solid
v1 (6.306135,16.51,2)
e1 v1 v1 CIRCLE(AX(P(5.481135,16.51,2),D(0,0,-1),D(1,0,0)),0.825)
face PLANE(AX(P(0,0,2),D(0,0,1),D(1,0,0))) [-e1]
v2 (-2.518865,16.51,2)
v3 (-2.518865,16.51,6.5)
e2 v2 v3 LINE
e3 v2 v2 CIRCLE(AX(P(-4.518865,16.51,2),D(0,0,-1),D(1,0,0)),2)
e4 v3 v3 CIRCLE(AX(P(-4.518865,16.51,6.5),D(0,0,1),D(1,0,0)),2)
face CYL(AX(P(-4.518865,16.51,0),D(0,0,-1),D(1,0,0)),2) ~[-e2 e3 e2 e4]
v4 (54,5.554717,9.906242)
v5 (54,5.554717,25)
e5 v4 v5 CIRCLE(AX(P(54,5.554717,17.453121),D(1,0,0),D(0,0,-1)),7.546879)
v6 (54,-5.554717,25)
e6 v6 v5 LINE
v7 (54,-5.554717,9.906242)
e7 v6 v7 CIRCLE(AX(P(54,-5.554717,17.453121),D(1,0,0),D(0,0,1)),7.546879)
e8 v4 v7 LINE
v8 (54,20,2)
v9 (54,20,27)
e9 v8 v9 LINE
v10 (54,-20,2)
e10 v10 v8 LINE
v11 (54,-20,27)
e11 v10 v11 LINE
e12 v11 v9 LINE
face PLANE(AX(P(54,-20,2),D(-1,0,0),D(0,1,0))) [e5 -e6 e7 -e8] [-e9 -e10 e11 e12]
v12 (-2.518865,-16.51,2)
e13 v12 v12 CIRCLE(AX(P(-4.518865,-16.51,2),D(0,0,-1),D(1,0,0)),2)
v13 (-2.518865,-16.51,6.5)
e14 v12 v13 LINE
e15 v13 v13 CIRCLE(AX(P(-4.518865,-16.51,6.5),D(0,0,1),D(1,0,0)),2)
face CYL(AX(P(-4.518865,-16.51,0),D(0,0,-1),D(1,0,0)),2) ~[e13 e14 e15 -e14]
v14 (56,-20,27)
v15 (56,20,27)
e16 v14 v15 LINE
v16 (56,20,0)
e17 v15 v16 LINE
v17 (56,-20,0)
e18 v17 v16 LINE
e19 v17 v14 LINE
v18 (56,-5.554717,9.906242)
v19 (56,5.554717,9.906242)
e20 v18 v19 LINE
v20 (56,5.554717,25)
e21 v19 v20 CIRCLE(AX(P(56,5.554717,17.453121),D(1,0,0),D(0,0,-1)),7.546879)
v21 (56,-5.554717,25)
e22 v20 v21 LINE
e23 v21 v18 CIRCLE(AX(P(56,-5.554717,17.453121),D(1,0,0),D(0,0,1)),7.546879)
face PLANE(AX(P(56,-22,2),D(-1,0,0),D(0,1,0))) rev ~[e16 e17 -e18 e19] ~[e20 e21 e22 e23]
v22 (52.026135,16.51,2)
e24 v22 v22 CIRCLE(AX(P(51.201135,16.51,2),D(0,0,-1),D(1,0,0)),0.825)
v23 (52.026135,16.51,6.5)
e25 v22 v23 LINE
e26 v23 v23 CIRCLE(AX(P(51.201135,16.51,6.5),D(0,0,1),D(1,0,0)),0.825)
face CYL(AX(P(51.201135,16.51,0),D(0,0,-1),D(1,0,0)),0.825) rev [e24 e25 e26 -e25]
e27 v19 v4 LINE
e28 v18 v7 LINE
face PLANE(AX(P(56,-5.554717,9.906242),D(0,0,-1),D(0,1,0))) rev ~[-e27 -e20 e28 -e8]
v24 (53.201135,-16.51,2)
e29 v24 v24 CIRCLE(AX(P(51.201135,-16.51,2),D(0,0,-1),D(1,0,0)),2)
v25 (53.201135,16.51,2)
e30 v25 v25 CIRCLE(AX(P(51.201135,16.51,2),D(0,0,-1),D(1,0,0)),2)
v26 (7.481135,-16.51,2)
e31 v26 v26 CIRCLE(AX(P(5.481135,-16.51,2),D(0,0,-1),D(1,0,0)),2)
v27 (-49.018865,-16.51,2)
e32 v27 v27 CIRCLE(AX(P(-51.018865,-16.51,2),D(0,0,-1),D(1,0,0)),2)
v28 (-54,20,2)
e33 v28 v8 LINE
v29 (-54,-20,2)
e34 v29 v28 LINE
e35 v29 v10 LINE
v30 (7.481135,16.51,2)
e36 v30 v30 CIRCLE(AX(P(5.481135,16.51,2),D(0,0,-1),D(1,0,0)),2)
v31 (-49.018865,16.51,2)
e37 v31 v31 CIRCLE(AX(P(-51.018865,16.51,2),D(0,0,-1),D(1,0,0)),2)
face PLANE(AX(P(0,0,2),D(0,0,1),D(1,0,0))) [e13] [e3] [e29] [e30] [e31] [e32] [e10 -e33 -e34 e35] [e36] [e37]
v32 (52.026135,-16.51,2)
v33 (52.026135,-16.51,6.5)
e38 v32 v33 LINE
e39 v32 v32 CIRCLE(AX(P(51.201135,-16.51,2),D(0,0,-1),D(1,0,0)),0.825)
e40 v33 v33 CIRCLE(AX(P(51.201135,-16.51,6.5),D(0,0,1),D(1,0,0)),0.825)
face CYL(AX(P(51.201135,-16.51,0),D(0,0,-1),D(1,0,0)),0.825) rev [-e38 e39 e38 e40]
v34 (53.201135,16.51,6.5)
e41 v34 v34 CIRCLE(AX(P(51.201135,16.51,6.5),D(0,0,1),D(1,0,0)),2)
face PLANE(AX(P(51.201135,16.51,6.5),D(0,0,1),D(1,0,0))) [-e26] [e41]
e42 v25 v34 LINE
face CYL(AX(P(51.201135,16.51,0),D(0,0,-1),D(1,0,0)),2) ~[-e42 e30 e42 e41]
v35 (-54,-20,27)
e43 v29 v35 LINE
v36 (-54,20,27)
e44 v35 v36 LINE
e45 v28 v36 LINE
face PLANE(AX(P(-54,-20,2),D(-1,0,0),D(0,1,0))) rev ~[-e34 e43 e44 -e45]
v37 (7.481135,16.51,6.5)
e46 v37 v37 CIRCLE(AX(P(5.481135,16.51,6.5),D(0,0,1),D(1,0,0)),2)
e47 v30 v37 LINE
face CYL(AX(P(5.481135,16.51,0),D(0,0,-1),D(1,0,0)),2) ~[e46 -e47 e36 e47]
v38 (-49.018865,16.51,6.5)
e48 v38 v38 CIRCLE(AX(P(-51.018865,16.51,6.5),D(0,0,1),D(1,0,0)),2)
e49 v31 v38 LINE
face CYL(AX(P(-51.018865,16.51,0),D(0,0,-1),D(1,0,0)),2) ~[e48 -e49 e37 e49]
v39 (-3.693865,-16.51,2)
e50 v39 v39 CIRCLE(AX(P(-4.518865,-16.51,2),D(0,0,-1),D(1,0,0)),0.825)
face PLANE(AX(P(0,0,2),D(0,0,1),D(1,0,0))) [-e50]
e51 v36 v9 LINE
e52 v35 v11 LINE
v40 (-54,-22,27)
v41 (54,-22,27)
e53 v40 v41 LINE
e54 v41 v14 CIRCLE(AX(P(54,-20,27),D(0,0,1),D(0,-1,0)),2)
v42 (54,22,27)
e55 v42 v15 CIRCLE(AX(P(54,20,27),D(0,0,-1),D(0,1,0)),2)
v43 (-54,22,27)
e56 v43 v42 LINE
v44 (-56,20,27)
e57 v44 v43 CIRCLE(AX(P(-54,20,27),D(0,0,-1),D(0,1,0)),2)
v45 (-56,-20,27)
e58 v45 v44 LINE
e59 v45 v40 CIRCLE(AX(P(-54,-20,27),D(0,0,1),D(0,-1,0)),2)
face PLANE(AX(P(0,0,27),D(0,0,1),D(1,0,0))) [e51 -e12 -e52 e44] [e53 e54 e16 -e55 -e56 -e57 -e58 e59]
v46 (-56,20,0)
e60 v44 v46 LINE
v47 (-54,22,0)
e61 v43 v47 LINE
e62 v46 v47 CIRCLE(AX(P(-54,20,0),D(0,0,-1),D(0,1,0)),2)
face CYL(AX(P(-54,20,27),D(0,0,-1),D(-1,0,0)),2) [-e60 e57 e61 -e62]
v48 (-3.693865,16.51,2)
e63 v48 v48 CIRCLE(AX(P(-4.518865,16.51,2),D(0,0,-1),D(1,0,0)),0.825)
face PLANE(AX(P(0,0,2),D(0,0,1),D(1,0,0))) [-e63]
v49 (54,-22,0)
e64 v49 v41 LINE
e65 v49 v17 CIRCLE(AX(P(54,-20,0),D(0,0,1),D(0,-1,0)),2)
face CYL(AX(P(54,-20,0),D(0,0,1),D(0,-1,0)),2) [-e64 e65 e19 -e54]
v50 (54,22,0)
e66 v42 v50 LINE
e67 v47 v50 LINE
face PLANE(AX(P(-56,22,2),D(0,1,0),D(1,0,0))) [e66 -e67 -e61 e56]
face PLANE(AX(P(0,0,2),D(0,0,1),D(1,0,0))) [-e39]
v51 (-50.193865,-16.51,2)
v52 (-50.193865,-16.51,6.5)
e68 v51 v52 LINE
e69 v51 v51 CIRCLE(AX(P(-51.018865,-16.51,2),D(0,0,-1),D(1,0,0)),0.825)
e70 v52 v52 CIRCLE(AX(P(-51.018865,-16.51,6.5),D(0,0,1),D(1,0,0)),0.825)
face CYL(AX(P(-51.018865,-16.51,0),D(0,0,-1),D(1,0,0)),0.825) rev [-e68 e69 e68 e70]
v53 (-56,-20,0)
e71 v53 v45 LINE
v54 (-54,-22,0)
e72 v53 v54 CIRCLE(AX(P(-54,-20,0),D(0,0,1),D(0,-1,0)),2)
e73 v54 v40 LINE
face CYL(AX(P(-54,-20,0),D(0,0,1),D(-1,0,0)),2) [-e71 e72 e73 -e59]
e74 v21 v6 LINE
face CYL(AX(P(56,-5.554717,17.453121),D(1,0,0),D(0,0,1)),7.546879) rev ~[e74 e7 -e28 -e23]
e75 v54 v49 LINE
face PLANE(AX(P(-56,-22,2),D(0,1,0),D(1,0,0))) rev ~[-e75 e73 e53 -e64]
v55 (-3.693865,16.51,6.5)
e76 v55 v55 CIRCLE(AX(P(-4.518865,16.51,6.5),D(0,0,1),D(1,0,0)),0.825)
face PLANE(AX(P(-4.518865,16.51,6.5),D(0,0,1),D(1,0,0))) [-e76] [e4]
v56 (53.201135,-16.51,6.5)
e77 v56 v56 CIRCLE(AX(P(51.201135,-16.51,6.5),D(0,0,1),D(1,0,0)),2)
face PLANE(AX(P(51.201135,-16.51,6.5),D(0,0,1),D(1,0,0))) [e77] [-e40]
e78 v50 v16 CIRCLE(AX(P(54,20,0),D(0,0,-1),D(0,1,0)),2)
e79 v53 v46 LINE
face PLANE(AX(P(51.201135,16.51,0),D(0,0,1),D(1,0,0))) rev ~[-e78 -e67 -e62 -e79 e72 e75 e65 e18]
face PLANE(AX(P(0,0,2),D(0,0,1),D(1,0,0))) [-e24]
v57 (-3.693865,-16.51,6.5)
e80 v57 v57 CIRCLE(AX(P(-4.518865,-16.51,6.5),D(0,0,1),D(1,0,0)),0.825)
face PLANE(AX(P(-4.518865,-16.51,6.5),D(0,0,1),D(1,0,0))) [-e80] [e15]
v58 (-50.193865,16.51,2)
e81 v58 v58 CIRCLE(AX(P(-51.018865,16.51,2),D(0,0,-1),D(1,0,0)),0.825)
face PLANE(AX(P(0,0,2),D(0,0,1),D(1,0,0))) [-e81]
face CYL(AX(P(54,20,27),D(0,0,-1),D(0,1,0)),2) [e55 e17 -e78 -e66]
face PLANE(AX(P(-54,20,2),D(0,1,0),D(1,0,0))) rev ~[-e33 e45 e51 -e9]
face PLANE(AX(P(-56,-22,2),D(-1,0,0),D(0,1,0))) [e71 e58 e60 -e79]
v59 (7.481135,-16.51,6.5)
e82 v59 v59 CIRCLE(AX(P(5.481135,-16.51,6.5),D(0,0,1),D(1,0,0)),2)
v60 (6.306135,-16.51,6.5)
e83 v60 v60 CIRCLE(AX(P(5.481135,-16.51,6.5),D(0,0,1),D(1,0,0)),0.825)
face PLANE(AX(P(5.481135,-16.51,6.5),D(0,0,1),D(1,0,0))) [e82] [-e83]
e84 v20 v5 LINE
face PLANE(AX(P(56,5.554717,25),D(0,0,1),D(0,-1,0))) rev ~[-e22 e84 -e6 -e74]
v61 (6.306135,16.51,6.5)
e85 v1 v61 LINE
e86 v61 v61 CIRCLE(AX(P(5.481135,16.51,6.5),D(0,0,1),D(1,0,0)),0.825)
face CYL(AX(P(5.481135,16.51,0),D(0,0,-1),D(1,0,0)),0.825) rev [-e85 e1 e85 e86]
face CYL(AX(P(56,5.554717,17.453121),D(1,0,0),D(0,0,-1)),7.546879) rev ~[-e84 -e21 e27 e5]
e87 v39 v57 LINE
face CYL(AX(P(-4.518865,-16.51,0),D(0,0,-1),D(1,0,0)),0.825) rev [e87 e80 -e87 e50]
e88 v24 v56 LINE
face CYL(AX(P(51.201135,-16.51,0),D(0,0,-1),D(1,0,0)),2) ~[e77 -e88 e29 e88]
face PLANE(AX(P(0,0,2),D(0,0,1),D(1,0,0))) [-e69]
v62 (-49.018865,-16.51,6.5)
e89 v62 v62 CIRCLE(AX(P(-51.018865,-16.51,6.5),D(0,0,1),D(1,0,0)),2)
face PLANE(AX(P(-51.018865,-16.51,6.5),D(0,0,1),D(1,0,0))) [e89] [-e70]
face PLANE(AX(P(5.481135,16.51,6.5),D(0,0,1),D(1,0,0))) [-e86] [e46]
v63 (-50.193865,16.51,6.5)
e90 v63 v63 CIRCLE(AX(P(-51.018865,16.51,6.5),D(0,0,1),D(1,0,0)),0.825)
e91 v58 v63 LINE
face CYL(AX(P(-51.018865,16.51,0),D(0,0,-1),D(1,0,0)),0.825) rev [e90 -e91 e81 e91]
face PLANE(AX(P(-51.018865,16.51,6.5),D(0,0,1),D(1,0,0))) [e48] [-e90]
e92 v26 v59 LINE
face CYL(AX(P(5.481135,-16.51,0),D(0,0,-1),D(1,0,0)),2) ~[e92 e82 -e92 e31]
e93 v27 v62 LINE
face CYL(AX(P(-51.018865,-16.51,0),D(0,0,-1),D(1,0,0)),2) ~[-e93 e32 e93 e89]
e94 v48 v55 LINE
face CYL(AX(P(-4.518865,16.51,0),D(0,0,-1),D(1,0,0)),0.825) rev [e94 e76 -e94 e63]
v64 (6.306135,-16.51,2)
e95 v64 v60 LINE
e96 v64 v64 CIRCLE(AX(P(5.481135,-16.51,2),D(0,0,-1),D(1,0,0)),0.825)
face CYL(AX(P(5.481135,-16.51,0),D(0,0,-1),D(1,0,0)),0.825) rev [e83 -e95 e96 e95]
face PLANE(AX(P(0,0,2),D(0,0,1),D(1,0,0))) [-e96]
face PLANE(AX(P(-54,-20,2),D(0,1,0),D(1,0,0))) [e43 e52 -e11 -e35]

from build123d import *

# Parameters (mm, degrees)
SKETCH001_W   = 112
SKETCH001_H   = 44
PAD_DEPTH     = 2
SKETCH_R      = 2
SKETCH_R_2    = 0.825
PAD001_DEPTH  = 6.5
SKETCH002_W   = 112
SKETCH002_H   = 44
SKETCH002_W_2 = 108
SKETCH002_H_2 = 40
PAD002_DEPTH  = 25
POCKET_DEPTH  = 5
FILLET_R      = 2


with BuildPart() as part:
    # Sketch001 → Pad (new body)
    with BuildSketch(Plane.XY):
        Rectangle(SKETCH001_W, SKETCH001_H)
    extrude(amount=PAD_DEPTH)

    # Sketch → Pad001 (join)
    with BuildSketch(Plane.XY):
        with Locations((51.201135, 16.51)):
            Circle(SKETCH_R)
        with Locations((51.201135, 16.51)):
            Circle(SKETCH_R_2, mode=Mode.SUBTRACT)
        with Locations((5.481135, 16.51)):
            Circle(SKETCH_R)
        with Locations((5.481135, 16.51)):
            Circle(SKETCH_R_2, mode=Mode.SUBTRACT)
        with Locations((-4.518865, 16.51)):
            Circle(SKETCH_R)
        with Locations((-4.518865, 16.51)):
            Circle(SKETCH_R_2, mode=Mode.SUBTRACT)
        with Locations((-51.018865, 16.51)):
            Circle(SKETCH_R)
        with Locations((-51.018865, 16.51)):
            Circle(SKETCH_R_2, mode=Mode.SUBTRACT)
        with Locations((-51.018865, -16.51)):
            Circle(SKETCH_R)
        with Locations((-51.018865, -16.51)):
            Circle(SKETCH_R_2, mode=Mode.SUBTRACT)
        with Locations((-4.518865, -16.51)):
            Circle(SKETCH_R)
        with Locations((-4.518865, -16.51)):
            Circle(SKETCH_R_2, mode=Mode.SUBTRACT)
        with Locations((5.481135, -16.51)):
            Circle(SKETCH_R)
        with Locations((5.481135, -16.51)):
            Circle(SKETCH_R_2, mode=Mode.SUBTRACT)
        with Locations((51.201135, -16.51)):
            Circle(SKETCH_R)
        with Locations((51.201135, -16.51)):
            Circle(SKETCH_R_2, mode=Mode.SUBTRACT)
    extrude(amount=PAD001_DEPTH)

    # Sketch002 (on Face5 of Pad001) → Pad002 (join)
    with BuildSketch(Plane.XY.offset(2)):
        Rectangle(SKETCH002_W, SKETCH002_H)
        Rectangle(SKETCH002_W_2, SKETCH002_H_2, mode=Mode.SUBTRACT)
    extrude(amount=PAD002_DEPTH)

    # Sketch003 (on Face8 of Pad002) → Pocket (cut)
    with BuildSketch(Plane.YZ.offset(56)):
        with BuildLine():
            ThreePointArc((-5.554717, 25), (-13.101596, 17.453121), (-5.554717, 9.906242))
            Line((-5.554717, 9.906242), (5.554717, 9.906242))
            ThreePointArc((5.554717, 9.906242), (13.101596, 17.453121), (5.554717, 25))
            Line((5.554717, 25), (-5.554717, 25))
        make_face()
    extrude(amount=-POCKET_DEPTH, mode=Mode.SUBTRACT)

    # Fillet
    fillet_edges = [part.edges().sort_by_distance(p)[0] for p in [
        (56, -22, 14.5),
        (56, 22, 14.5),
        (-56, -22, 14.5),
        (-56, 22, 14.5),
    ]]
    fillet(fillet_edges, radius=FILLET_R)


solid = part.part
